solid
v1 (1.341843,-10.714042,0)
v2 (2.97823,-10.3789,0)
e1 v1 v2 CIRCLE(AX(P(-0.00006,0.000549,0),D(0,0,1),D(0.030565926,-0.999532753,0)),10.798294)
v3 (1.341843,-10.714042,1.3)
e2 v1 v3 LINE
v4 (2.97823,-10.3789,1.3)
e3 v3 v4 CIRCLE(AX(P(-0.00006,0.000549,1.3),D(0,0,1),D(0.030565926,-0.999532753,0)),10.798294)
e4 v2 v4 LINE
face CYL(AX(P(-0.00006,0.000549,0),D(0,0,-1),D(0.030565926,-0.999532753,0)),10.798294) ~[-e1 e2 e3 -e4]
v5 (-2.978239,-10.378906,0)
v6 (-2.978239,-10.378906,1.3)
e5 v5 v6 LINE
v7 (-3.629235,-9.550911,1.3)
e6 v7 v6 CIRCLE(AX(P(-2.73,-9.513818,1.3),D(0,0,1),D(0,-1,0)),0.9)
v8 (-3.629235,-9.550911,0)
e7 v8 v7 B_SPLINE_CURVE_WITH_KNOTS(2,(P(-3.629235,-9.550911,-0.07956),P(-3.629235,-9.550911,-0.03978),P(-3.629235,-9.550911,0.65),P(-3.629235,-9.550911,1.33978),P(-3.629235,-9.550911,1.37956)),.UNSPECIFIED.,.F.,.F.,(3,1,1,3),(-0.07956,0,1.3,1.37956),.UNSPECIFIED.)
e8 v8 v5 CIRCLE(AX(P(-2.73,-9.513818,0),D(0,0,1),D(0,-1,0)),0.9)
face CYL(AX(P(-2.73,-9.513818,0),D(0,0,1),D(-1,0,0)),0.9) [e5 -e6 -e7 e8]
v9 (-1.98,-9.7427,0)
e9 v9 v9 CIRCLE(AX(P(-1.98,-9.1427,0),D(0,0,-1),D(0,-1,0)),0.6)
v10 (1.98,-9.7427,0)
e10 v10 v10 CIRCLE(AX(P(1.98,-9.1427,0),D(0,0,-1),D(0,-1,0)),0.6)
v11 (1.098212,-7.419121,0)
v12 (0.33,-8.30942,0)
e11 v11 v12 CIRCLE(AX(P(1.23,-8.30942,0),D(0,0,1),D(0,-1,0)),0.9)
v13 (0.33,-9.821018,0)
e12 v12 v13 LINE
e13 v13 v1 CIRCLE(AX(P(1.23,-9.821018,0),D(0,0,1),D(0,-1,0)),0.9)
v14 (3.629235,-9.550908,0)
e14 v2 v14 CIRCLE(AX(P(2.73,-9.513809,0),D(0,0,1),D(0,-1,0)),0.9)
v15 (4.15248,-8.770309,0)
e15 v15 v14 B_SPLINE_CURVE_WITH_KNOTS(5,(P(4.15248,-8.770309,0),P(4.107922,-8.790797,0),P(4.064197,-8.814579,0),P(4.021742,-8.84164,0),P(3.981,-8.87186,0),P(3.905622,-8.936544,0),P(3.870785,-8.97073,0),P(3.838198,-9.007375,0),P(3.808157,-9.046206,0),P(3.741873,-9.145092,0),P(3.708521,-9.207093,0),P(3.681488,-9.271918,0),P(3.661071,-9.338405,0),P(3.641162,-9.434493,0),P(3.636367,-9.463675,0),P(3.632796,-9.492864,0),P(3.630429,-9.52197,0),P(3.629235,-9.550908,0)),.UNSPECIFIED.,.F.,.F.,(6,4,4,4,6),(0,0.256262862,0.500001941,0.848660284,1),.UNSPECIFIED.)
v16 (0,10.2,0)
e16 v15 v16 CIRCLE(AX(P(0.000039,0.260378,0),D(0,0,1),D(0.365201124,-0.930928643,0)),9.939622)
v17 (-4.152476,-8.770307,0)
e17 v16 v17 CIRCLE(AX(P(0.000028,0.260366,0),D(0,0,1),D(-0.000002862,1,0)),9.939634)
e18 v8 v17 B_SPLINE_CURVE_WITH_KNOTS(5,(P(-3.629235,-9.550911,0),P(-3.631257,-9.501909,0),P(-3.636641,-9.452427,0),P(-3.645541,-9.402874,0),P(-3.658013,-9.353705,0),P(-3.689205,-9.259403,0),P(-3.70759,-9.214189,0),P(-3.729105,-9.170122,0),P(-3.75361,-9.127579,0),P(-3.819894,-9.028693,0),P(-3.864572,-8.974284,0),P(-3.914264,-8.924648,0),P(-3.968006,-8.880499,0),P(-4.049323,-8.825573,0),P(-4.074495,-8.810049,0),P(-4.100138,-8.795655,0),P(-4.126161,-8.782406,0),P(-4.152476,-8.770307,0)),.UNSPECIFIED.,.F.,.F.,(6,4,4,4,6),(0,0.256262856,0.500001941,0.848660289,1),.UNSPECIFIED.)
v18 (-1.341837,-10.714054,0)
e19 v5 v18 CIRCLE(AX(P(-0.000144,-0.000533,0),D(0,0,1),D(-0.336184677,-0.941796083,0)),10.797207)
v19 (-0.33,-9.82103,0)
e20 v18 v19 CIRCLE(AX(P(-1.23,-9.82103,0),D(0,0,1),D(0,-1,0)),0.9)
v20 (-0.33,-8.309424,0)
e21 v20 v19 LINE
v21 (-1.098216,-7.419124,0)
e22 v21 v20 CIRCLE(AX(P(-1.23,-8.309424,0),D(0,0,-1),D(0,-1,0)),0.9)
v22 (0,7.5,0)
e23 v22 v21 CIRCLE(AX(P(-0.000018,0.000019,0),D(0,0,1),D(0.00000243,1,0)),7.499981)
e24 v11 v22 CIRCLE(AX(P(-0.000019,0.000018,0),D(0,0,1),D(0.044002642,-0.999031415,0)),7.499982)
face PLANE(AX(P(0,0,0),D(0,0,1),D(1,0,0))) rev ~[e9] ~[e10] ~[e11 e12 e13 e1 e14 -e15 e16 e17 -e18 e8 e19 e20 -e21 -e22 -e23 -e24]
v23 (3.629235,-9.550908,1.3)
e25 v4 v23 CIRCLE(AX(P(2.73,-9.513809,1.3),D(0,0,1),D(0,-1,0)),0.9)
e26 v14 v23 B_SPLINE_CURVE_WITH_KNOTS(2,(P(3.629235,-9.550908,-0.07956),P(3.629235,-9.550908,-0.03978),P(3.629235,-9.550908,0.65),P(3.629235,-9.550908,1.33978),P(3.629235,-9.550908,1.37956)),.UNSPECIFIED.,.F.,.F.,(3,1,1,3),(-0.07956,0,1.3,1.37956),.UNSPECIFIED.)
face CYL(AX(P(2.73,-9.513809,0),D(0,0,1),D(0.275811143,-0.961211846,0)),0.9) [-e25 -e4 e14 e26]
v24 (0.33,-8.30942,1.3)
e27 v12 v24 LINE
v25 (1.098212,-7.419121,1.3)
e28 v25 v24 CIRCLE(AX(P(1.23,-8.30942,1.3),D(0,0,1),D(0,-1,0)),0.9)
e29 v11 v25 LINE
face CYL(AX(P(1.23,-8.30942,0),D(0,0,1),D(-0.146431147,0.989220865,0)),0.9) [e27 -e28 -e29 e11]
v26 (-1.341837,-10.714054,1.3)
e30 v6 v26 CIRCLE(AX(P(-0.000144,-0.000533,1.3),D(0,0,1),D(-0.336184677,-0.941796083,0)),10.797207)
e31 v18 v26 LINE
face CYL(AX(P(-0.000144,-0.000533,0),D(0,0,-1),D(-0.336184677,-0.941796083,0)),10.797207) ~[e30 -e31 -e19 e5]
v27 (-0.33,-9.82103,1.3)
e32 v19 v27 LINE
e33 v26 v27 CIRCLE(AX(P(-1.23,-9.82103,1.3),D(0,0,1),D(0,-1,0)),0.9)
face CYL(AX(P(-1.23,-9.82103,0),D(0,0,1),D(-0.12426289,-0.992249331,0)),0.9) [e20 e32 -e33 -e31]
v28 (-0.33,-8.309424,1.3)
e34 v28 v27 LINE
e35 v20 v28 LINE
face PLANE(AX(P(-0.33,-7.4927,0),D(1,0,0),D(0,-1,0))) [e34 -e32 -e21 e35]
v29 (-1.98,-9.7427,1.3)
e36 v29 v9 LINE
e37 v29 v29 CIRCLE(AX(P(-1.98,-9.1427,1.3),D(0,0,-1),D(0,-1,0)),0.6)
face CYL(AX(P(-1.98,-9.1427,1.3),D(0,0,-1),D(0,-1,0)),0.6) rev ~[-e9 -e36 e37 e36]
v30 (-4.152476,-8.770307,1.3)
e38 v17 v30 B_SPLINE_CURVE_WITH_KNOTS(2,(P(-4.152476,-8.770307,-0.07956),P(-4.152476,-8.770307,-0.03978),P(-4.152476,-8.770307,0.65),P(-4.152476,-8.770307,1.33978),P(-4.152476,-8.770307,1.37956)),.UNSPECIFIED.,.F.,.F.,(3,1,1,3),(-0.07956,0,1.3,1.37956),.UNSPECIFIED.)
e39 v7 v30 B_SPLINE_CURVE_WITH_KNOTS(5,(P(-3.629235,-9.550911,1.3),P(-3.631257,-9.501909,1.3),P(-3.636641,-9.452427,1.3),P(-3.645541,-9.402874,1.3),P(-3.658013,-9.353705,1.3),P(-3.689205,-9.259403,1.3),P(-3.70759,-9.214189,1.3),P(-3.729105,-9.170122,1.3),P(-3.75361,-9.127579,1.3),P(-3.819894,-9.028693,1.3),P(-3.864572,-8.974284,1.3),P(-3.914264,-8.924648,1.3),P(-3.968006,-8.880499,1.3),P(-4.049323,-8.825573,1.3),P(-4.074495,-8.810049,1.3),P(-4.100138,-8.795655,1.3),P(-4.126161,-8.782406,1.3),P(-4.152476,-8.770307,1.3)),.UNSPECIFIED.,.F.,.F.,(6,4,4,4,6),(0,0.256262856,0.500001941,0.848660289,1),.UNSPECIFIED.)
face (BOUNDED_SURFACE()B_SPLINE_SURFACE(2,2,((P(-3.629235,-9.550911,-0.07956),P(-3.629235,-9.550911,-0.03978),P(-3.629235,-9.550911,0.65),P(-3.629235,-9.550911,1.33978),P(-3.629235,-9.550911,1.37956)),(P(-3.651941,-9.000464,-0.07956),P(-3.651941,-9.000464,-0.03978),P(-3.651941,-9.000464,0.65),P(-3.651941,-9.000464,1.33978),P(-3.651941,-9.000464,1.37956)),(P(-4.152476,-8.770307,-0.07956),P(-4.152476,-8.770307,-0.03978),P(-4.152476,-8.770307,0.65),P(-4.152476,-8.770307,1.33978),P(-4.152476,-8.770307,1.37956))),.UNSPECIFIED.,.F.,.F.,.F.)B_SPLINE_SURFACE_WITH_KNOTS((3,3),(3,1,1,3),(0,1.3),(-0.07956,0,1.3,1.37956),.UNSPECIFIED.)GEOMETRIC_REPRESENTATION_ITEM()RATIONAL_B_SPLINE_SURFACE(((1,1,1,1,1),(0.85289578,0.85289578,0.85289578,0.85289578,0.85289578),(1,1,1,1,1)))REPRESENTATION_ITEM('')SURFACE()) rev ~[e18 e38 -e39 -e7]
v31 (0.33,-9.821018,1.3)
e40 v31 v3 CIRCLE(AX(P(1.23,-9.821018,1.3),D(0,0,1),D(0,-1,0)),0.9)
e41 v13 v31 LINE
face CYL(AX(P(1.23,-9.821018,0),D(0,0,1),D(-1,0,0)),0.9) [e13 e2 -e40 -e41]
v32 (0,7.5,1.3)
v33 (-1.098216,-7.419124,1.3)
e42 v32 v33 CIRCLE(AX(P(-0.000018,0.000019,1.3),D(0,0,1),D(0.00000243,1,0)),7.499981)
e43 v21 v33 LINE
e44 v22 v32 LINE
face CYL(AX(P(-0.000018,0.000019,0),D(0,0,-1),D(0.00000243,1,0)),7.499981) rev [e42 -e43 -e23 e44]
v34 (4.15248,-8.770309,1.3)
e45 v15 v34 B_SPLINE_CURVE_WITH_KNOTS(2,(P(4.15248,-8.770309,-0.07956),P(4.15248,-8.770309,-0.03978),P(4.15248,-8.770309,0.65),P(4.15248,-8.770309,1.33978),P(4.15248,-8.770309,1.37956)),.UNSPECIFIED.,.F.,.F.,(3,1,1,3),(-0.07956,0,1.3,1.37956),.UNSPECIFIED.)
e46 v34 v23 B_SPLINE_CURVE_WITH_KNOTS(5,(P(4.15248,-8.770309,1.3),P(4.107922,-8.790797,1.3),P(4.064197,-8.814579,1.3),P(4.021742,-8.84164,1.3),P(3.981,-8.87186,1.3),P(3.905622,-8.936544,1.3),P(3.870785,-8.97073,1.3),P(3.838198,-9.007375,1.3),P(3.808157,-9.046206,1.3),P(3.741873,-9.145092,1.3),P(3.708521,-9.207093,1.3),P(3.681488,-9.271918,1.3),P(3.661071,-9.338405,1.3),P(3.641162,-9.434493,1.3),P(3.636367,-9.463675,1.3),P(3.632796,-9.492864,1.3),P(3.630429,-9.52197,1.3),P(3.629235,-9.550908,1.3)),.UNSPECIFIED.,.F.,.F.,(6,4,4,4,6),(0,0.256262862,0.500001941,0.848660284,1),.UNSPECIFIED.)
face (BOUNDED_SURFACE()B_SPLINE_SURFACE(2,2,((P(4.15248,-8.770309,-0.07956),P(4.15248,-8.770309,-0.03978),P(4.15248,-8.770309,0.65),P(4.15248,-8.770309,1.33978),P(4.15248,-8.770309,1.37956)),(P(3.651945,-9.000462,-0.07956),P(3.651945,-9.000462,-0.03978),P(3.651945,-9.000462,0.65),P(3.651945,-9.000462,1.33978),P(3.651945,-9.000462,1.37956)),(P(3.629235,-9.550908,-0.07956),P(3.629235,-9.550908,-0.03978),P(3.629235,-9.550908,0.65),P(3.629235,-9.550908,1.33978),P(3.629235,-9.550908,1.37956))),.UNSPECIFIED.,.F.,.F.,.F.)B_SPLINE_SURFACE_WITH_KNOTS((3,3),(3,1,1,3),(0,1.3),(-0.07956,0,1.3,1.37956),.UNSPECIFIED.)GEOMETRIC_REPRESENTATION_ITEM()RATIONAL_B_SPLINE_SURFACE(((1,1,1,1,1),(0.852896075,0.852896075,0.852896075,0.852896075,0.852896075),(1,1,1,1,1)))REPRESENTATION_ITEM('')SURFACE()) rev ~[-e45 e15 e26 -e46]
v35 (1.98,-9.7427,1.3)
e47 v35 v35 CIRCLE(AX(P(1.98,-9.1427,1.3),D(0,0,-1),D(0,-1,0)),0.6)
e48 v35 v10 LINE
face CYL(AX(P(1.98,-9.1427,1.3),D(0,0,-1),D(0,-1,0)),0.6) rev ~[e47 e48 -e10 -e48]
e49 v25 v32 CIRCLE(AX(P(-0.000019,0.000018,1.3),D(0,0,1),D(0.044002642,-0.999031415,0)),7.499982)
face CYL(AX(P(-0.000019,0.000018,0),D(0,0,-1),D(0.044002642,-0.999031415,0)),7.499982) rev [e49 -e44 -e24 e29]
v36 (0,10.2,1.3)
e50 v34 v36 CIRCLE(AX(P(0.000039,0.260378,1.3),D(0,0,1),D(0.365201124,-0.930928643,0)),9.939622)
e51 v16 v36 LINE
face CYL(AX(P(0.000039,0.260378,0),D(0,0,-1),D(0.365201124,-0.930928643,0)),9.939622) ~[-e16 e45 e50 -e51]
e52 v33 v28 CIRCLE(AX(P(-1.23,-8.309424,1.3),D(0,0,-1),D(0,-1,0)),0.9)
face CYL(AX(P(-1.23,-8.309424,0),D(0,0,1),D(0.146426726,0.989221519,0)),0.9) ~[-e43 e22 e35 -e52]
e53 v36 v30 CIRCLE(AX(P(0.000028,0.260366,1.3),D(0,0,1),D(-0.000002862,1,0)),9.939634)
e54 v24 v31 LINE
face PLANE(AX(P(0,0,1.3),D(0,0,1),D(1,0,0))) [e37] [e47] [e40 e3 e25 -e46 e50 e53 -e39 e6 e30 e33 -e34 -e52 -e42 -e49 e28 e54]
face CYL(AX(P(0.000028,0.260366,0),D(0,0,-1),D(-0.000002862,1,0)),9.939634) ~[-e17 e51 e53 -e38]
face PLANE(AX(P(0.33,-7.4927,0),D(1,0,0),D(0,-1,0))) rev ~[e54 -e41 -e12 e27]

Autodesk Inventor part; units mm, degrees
ref_plane "YZ Plane" through (0, 0, 0) normal (1, 0, 0) x (0, 1, 0)
ref_plane "XZ Plane" through (0, 0, 0) normal (0, 1, 0) x (-1, 0, 0)
ref_plane "XY Plane" through (0, 0, 0) normal (0, 0, 1) x (1, 0, 0)
sketch "Sketch1" plane through (0, 0, 0) normal (0, 0, 1) x (1, 0, 0)
  arc A0 (0, 7.5) -> (-0.33, -7.4927) centre (0, 0) ccw
  line L0 (0, -10.4012) -> (0, 10.52) projected
  line L1 (-0.33, -7.4927) -> (-0.33, -10.7927)
  arc A1 (-3.63, -10.1693) -> (-0.33, -10.7927) centre (0, 0) ccw
  arc A2 (0, 10.2) -> (-3.63, -8.9927) centre (0, 0.2604) ccw
  line L2 (-3.63, -8.9927) -> (-3.63, -10.1693)
  line L3 (0, 10.2) -> (0, 7.5)
  arc A3 (0.33, -7.4927) -> (0, 7.5) centre (0, 0) ccw
  line L4 (0.33, -7.4927) -> (0.33, -10.7927)
  arc A4 (0.33, -10.7927) -> (3.63, -10.1693) centre (0, 0) ccw
  arc A5 (3.63, -8.9927) -> (0, 10.2) centre (0, 0.2604) ccw
  line L5 (3.63, -8.9927) -> (3.63, -10.1693)
  line L6 (0, 10.2) -> (0, 7.5)
  dimension "d0" = 15
  dimension "d11" = 3.3
  dimension "d21" = 0.33
  dimension "d22" = 3.3
  dimension "d25" = 2.7
  dimension "d26" = 1.5
extrude "Extrusion1" add sketch "Sketch1" along normal blind 1.3
sketch "Sketch3" plane through (0, 0, 1.3) normal (0, 0, 1) x (1, 0, 0)
  line L0 (-0.33, -7.4927) -> (-0.33, -10.7927) projected
  line L1 (0, -14.9913) -> (0, 14.3985) projected
  point P0 (-1.98, -9.1427)
  point P1 (1.98, -9.1427)
  dimension "d30" = 1.65
  dimension "d31" = 1.65
hole "Hole1" at (-1.98, -9.1427, 1.3) at (1.98, -9.1427, 1.3) direction (0, 0, -1) diameter 1.2 end through all
fillet "Fillet1" radius 0.9 8 edges at (0.33, -7.4927, 0.65) (-0.33, -7.4927, 0.65) (0.33, -10.7927, 0.65) (3.63, -10.1693, 0.65) (-3.63, -10.1693, 0.65) (-3.63, -8.9927, 0.65) (-0.33, -10.7927, 0.65) (3.63, -8.9927, 0.65)
equation "\"d30\" = 0.5 * ParA"
equation "\"d31\" = 0.5 * ParA"
equation "\"d32\" = Diam5"
equation "\"d39\" = 0.333333 * b"
equation "\"d0\" = Dg"
equation "\"d11\" = ParA"
equation "\"d21\" = 0.1 * ParA"
equation "\"d22\" = ParA"
equation "\"d25\" = b"
equation "\"d26\" = ParJ"
equation "\"d27\" = tt"
equation "\"b\" = 2.7"
equation "\"Dg\" = 15"
equation "\"ParJ\" = 1.5"
equation "\"ParA\" = 3.3"
equation "\"tt\" = 1.3"
equation "\"Diam5\" = 1.2"
equation "\"TEMPLATE\" = 1.2345"
properties part number "ANSI B27.8M - 3DM1-3DM1-16" material "Steel, Mild"
